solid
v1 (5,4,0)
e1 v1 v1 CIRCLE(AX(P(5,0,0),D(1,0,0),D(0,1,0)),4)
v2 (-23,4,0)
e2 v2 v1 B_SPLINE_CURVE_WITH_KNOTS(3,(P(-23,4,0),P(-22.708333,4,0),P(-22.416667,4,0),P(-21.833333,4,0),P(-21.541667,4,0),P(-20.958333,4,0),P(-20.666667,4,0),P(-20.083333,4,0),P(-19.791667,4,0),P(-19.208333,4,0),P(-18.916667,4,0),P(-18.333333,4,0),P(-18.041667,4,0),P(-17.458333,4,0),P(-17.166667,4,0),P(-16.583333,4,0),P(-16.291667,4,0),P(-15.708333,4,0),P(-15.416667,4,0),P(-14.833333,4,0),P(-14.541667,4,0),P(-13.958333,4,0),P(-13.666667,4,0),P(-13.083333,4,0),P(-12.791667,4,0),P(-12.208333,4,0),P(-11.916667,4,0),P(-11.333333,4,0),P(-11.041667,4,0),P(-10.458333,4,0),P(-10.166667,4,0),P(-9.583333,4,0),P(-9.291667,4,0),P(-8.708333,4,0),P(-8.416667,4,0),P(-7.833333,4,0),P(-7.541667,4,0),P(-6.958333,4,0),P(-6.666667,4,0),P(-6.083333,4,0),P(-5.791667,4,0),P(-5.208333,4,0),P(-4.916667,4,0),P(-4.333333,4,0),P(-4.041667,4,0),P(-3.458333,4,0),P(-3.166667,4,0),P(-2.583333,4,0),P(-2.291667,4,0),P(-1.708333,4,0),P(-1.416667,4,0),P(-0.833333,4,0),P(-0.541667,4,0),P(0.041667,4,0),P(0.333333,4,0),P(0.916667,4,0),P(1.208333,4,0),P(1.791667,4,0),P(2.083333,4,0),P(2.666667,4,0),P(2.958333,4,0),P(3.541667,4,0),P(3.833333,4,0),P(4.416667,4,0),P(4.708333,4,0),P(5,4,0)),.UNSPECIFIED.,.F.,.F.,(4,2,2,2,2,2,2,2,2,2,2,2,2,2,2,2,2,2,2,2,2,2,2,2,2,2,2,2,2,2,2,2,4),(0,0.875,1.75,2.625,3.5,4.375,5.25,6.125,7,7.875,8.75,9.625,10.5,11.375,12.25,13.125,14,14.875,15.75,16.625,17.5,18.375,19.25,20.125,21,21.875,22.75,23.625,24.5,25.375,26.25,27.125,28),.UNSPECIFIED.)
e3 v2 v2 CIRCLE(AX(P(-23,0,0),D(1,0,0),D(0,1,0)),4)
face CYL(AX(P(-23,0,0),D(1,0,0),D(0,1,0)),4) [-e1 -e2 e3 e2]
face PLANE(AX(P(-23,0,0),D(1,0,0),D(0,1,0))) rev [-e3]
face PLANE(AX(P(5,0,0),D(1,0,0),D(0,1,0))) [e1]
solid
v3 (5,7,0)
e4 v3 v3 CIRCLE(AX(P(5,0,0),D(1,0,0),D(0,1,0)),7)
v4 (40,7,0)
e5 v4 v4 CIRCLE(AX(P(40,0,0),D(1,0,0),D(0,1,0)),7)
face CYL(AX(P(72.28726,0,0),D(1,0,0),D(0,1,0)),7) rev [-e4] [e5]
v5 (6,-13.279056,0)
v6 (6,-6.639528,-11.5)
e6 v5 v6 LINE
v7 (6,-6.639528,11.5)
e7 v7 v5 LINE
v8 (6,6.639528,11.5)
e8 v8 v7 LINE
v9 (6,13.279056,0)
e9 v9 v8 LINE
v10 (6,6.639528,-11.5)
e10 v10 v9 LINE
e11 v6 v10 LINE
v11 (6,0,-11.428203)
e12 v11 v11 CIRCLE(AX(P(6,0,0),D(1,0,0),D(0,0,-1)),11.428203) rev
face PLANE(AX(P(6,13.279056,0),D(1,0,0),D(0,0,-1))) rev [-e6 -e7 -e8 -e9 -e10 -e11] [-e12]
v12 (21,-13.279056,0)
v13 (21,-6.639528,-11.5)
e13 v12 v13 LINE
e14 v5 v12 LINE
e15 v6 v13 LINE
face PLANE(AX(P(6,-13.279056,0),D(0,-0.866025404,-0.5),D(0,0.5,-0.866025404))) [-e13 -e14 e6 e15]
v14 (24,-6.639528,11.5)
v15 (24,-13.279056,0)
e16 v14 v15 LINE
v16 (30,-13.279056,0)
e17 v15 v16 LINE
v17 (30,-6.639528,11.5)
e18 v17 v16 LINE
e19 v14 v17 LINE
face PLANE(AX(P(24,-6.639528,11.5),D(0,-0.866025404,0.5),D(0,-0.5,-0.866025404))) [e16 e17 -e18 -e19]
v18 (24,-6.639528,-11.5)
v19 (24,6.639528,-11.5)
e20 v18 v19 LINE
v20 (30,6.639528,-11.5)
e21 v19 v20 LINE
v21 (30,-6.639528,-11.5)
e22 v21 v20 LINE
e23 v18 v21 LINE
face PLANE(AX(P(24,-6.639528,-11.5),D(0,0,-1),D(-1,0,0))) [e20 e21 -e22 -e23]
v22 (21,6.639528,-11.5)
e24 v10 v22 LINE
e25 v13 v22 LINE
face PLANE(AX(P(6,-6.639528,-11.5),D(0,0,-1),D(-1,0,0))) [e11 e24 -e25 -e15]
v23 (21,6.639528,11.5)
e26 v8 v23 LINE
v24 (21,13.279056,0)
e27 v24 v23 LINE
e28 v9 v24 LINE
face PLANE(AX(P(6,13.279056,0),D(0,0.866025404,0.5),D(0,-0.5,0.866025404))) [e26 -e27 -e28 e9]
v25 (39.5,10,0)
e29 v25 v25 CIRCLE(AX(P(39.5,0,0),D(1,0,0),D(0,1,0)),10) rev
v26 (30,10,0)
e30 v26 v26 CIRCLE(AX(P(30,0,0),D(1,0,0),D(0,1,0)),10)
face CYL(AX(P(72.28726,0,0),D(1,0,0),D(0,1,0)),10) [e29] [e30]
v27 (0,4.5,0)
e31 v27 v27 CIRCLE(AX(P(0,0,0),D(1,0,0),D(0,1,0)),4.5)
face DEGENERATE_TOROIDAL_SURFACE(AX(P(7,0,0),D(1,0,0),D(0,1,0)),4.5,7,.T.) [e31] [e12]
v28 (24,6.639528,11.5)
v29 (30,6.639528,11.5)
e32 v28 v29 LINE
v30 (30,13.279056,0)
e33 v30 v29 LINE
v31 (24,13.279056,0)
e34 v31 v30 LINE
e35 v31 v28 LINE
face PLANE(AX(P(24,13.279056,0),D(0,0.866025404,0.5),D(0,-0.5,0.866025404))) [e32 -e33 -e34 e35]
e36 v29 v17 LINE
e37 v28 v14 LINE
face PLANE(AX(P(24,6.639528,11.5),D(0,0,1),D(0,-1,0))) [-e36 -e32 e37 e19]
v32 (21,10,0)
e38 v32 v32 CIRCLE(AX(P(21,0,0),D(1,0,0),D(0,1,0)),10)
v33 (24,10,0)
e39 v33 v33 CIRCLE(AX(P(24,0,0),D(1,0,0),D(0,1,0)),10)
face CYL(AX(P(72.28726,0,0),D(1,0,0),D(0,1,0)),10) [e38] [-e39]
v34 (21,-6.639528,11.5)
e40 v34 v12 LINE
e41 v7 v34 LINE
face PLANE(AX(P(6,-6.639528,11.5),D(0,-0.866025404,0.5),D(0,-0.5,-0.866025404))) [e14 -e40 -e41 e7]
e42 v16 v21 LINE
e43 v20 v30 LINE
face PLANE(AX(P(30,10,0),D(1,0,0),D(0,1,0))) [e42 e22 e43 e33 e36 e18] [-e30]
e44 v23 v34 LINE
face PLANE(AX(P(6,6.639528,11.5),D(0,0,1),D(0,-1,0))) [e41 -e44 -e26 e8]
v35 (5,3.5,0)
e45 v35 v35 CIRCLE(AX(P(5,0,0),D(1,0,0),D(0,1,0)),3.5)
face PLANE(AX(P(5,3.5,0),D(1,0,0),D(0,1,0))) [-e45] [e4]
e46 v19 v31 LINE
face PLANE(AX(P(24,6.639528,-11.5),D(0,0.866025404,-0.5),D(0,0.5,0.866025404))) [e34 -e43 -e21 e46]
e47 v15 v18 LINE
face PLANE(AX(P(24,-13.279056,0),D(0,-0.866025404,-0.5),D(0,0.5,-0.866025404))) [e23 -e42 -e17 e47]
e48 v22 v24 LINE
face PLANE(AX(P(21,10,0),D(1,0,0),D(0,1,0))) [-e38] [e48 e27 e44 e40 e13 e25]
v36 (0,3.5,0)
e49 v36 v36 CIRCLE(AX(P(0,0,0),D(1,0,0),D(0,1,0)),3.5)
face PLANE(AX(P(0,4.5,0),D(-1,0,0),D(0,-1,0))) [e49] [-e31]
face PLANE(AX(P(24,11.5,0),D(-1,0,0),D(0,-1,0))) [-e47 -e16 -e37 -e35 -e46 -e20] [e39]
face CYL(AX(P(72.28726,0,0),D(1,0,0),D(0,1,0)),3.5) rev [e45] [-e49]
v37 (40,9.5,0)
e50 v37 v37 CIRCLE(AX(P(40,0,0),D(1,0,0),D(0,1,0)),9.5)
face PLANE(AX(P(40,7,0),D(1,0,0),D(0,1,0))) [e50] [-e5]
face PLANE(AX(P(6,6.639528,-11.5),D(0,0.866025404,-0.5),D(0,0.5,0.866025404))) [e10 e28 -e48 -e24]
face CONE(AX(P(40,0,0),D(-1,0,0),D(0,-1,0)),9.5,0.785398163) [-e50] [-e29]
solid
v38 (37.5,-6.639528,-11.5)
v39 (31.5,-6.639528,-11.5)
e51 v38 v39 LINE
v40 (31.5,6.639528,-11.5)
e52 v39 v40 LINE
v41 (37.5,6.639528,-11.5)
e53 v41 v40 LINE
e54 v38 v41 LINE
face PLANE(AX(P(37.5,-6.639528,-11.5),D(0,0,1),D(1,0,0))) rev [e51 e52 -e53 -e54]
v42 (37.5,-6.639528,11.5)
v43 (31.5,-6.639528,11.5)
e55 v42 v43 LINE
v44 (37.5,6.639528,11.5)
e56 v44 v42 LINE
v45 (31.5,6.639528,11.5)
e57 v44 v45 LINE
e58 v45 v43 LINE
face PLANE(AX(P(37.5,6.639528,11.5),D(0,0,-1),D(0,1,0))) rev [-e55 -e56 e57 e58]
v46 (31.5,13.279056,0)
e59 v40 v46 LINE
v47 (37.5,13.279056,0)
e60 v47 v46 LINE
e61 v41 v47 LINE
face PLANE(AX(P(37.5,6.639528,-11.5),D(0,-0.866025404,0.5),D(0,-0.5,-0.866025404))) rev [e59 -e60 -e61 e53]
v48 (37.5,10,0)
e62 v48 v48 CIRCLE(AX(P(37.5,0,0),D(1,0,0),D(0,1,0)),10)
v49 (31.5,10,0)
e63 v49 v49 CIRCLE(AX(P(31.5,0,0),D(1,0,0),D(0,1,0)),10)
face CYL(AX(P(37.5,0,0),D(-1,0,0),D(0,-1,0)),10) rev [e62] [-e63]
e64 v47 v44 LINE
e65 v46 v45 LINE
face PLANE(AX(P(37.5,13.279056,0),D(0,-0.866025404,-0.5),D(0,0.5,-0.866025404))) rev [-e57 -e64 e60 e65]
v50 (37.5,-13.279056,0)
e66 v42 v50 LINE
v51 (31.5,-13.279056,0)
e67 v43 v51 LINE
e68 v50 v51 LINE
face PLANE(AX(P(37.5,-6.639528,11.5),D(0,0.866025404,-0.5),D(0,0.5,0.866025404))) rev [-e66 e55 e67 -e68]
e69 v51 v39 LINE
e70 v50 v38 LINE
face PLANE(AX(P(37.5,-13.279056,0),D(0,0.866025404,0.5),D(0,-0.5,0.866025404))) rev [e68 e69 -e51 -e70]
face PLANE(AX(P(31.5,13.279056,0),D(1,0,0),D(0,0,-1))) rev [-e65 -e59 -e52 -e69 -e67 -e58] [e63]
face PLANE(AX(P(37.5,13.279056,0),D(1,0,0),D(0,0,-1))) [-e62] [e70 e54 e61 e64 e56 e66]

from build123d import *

# Parameters (mm, degrees)
CHAMFER1_SIZE       = 0.5
BOSS_EXTRUDE1_START = -6
SKETCH2_R           = 10
BOSS_EXTRUDE1_DEPTH = 6
BOSS_EXTRUDE2_START = -15
SKETCH3_R           = 10
BOSS_EXTRUDE2_DEPTH = 15
BOSS_EXTRUDE3_START = 1.5
SKETCH2_2_R         = 10
BOSS_EXTRUDE3_DEPTH = 6
SKETCH4_R           = 4
BOSS_EXTRUDE4_DEPTH = 28


with BuildPart() as part:
    # Sketch1 → Revolve1 (revolve)
    with BuildSketch(Plane.XY):
        with BuildLine():
            Line((5, 7), (40, 7))
            Line((40, 7), (40, 10))
            Line((40, 10), (30, 10))
            Line((30, 10), (30, 11.5))
            Line((30, 11.5), (24, 11.5))
            Line((24, 11.5), (24, 10))
            Line((24, 10), (21, 10))
            Line((21, 10), (21, 11.5))
            Line((21, 11.5), (7, 11.5))
            ThreePointArc((7, 11.5), (2.050252532, 9.449747468), (0, 4.5))
            Line((0, 4.5), (0, 3.5))
            Line((0, 3.5), (5, 3.5))
            Line((5, 3.5), (5, 7))
        make_face()
    revolve(axis=Axis((72.287259513, 0, 0), (-1, 0, 0)))

    # Chamfer1
    chamfer1_edges = [part.edges().sort_by_distance(p)[0] for p in [
        (40, -10, 0),
    ]]
    chamfer(chamfer1_edges, length=CHAMFER1_SIZE)

    # Sketch2 → Boss-Extrude1 (add)
    with BuildSketch(Plane(origin=(30, 0, 0), x_dir=(0, 0, -1), z_dir=(1, 0, 0)).offset(BOSS_EXTRUDE1_START)):
        Polygon((0, 13.279056191), (-11.5, 6.639528096), (-11.5, -6.639528096), (0, -13.279056191), (11.5, -6.639528096), (11.5, 6.639528096), align=None)
        Circle(SKETCH2_R, mode=Mode.SUBTRACT)
    extrude(amount=BOSS_EXTRUDE1_DEPTH)

    # Sketch3 → Boss-Extrude2 (add)
    with BuildSketch(Plane(origin=(21, 0, 0), x_dir=(0, 0, -1), z_dir=(1, 0, 0)).offset(BOSS_EXTRUDE2_START)):
        Polygon((0, 13.279056191), (-11.5, 6.639528096), (-11.5, -6.639528096), (0, -13.279056191), (11.5, -6.639528096), (11.5, 6.639528096), align=None)
        Circle(SKETCH3_R, mode=Mode.SUBTRACT)
    extrude(amount=BOSS_EXTRUDE2_DEPTH)


with BuildPart() as body_2:
    # Sketch2<2> → Boss-Extrude3 (new body)
    with BuildSketch(Plane(origin=(30, 0, 0), x_dir=(0, 0, -1), z_dir=(1, 0, 0)).offset(BOSS_EXTRUDE3_START)):
        Polygon((0, 13.279056191), (-11.5, 6.639528096), (-11.5, -6.639528096), (0, -13.279056191), (11.5, -6.639528096), (11.5, 6.639528096), align=None)
        Circle(SKETCH2_2_R, mode=Mode.SUBTRACT)
    extrude(amount=BOSS_EXTRUDE3_DEPTH)


with BuildPart() as body_3:
    # Sketch4 → Boss-Extrude4 (new body)
    with BuildSketch(Plane(origin=(5, 0, 0), x_dir=(0, 0, -1), z_dir=(1, 0, 0))):
        Circle(SKETCH4_R)
    extrude(amount=-BOSS_EXTRUDE4_DEPTH)


solid = Compound([part.part, body_2.part, body_3.part])
